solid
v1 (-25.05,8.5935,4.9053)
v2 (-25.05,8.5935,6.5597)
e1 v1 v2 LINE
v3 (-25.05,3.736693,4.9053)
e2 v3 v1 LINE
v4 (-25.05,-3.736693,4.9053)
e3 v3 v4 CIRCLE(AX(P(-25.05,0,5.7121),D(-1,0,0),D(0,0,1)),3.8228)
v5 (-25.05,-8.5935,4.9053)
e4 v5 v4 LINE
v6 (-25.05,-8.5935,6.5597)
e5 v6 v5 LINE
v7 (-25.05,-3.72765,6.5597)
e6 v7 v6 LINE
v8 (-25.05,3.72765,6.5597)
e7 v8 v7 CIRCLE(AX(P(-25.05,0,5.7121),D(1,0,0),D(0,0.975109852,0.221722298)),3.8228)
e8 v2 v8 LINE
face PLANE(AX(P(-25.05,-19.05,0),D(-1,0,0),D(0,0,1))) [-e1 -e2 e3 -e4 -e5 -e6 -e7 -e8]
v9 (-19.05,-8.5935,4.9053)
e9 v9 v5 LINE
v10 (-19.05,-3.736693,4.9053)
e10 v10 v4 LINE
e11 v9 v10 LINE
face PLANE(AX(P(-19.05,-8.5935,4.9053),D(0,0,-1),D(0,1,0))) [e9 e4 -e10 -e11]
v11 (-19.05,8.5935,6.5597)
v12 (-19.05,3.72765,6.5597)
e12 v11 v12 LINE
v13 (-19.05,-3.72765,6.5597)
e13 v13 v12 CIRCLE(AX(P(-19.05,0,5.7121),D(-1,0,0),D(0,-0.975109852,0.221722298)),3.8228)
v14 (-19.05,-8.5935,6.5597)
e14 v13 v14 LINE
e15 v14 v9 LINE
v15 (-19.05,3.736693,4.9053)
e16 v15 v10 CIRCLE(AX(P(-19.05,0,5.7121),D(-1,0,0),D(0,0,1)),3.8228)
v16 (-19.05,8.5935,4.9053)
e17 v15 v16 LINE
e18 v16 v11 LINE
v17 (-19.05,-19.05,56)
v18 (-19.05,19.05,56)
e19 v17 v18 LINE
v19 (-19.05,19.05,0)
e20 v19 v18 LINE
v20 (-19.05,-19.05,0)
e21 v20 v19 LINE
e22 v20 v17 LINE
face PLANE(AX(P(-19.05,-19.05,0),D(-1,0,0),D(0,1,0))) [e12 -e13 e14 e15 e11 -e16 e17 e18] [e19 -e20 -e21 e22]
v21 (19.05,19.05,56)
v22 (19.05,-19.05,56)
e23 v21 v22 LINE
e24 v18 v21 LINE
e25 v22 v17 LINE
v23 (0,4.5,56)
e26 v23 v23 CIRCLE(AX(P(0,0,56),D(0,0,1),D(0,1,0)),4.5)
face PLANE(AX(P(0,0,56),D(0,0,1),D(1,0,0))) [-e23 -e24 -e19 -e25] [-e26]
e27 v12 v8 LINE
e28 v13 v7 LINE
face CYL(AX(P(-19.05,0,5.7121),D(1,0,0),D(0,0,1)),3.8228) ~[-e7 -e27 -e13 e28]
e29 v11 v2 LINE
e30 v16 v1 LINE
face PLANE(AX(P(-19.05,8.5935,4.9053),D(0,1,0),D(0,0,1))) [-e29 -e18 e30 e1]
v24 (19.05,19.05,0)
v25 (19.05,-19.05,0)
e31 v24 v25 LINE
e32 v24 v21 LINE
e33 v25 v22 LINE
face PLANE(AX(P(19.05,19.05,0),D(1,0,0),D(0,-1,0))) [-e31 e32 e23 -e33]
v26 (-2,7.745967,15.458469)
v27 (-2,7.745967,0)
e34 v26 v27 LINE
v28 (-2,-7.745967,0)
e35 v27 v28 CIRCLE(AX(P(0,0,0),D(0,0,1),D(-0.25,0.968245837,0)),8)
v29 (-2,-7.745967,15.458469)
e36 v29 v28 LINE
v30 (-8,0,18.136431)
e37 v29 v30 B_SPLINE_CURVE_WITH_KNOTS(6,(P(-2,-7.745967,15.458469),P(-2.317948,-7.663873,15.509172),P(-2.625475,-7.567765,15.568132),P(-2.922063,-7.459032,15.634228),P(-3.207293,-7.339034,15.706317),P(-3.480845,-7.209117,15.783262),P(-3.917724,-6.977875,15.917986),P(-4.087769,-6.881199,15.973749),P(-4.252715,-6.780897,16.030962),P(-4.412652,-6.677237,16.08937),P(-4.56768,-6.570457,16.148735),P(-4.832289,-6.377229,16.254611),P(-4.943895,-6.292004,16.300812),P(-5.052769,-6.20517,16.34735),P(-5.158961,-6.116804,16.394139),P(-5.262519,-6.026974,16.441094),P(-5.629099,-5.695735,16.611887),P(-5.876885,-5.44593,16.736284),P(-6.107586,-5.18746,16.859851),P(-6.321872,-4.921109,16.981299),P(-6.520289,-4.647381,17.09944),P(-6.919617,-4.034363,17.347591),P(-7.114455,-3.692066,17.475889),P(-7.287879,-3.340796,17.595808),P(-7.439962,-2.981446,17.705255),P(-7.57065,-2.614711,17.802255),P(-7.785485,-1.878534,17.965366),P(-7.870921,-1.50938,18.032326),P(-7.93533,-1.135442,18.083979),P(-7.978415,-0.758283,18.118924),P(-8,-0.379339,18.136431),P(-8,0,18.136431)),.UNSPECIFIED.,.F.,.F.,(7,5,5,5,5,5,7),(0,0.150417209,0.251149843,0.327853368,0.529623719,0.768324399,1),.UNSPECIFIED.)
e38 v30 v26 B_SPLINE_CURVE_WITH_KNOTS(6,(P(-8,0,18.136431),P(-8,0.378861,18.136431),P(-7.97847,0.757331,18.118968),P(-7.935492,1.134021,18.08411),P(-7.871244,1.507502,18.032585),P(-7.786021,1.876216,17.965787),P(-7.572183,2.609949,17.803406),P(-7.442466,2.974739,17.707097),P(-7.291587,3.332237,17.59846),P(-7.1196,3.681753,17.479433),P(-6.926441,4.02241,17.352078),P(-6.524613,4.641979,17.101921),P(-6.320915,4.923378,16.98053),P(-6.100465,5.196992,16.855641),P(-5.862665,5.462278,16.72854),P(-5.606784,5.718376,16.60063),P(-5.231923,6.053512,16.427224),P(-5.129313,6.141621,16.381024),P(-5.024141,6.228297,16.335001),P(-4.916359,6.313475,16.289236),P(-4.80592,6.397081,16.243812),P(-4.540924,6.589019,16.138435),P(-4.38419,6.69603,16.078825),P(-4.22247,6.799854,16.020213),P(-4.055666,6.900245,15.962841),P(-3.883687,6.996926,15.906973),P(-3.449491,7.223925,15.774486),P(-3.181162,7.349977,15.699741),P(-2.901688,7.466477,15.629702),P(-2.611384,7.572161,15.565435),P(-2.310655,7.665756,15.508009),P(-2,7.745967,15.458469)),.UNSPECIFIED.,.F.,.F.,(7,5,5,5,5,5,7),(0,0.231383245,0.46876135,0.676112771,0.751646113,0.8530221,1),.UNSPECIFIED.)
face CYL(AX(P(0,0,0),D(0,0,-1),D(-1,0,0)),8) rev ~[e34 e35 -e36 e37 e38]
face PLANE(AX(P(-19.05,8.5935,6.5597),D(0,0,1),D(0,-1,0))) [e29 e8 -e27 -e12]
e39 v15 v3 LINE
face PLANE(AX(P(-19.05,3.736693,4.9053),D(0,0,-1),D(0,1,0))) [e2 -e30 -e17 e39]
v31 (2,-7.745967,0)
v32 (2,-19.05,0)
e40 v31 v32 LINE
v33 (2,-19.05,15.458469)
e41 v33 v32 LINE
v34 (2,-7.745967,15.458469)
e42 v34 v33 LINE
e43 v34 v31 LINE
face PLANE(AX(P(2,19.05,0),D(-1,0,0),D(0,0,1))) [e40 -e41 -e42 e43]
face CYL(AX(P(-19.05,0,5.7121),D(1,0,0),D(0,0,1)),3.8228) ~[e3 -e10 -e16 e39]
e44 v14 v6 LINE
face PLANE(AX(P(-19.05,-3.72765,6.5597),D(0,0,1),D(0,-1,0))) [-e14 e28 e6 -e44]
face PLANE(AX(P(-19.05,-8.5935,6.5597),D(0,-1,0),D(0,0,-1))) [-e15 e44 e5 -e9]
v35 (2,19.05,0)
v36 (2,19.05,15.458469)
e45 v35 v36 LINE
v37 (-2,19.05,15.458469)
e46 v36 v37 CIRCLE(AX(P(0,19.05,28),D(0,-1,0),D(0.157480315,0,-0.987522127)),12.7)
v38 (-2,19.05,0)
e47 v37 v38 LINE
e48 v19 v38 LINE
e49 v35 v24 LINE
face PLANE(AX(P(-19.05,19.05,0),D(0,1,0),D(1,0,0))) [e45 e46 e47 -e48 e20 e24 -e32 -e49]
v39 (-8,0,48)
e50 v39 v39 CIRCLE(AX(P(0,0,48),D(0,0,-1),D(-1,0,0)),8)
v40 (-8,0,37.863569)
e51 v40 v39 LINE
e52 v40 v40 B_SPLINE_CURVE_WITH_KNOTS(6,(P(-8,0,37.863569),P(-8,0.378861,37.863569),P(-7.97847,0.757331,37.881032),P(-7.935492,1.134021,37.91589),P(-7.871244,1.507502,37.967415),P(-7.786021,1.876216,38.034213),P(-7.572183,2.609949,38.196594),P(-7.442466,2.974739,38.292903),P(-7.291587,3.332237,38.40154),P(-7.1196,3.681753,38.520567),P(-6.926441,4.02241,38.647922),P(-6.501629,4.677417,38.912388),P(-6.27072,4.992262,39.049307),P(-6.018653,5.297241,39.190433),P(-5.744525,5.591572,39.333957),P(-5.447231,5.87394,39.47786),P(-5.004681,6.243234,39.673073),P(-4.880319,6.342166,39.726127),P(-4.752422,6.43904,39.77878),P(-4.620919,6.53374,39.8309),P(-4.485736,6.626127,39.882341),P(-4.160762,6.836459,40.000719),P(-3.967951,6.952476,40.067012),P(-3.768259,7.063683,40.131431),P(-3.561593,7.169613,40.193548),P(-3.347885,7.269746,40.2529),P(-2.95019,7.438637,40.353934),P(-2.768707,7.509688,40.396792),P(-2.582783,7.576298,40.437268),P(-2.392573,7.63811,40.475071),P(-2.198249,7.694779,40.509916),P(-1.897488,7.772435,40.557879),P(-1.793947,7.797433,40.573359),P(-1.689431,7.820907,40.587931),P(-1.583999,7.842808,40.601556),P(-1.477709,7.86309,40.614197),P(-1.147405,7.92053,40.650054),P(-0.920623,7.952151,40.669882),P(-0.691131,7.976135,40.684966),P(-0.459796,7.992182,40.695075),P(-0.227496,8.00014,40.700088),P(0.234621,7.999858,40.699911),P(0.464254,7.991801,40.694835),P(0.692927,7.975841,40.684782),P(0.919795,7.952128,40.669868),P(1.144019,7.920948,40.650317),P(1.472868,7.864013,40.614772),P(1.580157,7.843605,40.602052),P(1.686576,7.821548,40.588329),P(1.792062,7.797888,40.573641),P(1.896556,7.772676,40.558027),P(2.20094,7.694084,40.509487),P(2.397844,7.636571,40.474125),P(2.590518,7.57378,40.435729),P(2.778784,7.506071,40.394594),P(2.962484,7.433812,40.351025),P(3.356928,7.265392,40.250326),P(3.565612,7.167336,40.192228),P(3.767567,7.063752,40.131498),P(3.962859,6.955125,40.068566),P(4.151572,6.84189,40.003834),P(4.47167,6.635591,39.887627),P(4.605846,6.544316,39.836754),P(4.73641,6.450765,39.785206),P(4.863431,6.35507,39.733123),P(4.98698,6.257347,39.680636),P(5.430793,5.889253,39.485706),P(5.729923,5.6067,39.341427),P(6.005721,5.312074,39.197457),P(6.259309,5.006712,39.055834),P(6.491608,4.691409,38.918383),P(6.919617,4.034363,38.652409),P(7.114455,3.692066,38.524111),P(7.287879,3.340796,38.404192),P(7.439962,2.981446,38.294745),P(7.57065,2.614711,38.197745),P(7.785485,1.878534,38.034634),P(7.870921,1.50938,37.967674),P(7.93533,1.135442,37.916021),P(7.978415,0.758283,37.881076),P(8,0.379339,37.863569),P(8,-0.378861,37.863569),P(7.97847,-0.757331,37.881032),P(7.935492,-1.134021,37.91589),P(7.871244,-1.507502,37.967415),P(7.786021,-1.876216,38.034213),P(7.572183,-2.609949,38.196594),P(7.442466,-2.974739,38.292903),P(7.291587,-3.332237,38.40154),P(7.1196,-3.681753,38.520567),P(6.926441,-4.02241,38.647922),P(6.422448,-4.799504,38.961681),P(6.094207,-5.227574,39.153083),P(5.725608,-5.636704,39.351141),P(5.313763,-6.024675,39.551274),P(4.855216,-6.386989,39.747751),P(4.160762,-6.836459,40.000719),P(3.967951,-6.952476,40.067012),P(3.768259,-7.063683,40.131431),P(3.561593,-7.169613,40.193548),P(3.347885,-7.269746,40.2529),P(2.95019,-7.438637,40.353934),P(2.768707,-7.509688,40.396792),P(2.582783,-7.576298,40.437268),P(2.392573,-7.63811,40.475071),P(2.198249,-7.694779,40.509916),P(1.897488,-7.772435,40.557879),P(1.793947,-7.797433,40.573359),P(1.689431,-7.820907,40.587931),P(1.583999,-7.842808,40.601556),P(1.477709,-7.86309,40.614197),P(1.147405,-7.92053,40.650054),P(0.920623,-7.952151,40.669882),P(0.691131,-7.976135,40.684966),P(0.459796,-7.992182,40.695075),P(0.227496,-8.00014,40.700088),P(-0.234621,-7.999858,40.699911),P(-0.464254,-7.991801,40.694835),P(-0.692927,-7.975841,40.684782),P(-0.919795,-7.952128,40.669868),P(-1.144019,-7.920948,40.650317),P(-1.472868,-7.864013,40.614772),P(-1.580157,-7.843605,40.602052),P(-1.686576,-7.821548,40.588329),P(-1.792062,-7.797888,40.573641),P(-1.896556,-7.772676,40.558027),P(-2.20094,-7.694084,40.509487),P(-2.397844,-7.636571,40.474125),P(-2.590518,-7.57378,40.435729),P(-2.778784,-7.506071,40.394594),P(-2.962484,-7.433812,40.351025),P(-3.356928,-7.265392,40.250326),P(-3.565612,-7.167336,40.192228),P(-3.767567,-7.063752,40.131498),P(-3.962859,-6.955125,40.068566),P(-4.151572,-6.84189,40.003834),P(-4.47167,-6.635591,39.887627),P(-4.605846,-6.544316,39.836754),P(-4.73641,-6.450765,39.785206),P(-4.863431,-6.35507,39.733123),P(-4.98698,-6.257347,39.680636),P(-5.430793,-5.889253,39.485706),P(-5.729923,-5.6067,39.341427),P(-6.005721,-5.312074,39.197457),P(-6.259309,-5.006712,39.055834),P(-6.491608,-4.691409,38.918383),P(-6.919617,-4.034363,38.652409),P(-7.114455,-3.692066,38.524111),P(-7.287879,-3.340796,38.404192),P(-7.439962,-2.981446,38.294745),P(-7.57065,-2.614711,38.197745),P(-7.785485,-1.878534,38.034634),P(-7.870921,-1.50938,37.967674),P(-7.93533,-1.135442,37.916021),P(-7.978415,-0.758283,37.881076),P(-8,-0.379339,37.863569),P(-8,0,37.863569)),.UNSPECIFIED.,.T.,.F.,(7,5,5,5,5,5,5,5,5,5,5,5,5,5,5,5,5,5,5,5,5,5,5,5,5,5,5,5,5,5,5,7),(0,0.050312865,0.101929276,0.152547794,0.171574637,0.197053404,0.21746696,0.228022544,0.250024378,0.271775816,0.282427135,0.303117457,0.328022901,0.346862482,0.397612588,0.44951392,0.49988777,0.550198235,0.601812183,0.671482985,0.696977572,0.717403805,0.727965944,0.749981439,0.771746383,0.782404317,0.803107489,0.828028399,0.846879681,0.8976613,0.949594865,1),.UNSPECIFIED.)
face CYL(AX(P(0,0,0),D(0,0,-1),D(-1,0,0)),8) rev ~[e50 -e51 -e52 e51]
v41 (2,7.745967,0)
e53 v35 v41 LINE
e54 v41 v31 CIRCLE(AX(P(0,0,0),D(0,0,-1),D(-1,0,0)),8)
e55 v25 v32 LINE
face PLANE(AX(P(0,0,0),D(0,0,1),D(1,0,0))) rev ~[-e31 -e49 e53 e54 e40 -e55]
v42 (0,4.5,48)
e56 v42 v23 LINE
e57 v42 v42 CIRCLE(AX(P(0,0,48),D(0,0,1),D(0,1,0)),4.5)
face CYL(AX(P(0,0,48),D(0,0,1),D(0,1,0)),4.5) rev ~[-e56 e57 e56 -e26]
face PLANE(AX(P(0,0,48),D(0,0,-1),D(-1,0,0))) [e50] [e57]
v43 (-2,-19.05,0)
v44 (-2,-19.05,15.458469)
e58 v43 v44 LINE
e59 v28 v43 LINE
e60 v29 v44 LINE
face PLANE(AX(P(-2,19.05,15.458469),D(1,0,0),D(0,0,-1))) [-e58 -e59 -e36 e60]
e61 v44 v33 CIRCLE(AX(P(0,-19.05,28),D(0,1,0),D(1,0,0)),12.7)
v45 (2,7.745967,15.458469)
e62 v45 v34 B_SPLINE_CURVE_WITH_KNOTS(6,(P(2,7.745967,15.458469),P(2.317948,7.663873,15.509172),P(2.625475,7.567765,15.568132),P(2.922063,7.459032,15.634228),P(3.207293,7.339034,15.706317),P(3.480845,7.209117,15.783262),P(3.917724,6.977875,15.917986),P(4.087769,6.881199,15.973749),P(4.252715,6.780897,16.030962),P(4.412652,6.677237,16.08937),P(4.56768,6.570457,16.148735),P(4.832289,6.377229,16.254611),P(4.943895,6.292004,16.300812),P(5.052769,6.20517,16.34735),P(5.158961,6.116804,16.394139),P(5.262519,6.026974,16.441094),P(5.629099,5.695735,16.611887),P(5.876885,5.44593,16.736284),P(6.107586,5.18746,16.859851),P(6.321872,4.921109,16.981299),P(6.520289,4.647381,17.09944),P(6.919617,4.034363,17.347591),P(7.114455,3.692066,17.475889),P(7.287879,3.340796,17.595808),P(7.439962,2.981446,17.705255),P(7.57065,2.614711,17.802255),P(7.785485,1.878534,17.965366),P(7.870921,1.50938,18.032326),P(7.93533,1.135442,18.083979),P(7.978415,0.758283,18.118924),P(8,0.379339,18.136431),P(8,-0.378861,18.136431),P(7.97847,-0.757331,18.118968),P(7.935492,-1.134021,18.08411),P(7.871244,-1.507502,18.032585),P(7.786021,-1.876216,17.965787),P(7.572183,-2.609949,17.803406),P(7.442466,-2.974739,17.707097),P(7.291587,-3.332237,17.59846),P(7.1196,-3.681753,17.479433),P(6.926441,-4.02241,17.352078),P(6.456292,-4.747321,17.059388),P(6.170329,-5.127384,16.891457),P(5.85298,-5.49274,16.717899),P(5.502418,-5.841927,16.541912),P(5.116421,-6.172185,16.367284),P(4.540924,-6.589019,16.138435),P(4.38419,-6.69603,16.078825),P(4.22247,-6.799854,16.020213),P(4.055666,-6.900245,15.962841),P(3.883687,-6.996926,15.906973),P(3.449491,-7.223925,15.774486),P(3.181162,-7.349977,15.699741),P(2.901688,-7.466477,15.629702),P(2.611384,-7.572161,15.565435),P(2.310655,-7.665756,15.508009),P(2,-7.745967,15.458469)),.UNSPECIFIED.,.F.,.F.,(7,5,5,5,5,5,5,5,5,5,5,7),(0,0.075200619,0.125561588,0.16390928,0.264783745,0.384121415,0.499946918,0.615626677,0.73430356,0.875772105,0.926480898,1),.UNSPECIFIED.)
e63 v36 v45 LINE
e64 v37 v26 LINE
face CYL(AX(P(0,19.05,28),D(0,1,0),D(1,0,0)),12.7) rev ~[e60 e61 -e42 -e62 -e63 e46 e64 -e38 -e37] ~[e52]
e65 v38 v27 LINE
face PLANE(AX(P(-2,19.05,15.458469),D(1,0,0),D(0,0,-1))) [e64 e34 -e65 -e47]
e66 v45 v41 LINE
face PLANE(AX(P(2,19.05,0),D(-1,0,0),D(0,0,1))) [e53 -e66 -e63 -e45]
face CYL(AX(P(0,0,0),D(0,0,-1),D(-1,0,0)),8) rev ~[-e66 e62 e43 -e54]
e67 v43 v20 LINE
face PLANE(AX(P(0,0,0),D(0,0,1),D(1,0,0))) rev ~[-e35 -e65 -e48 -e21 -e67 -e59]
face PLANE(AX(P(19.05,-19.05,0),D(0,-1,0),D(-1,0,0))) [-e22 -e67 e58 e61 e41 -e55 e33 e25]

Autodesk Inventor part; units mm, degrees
ref_plane "YZ Plane" through (0, 0, 0) normal (1, 0, 0) x (0, 1, 0)
ref_plane "XZ Plane" through (0, 0, 0) normal (0, 1, 0) x (-1, 0, 0)
sketch "Sketch1" plane through (0, 0, 0) normal (0, 0, 1) x (1, 0, 0)
  line L0 (-19.05, 19.05) -> (19.05, 19.05)
  line L1 (19.05, 19.05) -> (19.05, -19.05)
  line L2 (19.05, -19.05) -> (-19.05, -19.05)
  line L3 (-19.05, -19.05) -> (-19.05, 19.05)
  point P0 (0, 0)
  point P1 (-19.05, 0)
  point P2 (0, 19.05)
  dimension "d0" = 38.1
extrude "Extrusion1" add sketch "Sketch1" along normal blind 56
sketch "Sketch2" plane through (-19.05, 19.05, 0) normal (0, 1, 0) x (1, 0, 0)
  circle A0 centre (19.05, -28) radius 12.7
  line L0 (0, 0) -> (38.1, 0) projected
  line L1 (0, -56) -> (38.1, -56) projected
  line L2 (17.05, 0) -> (21.05, 0)
  line L3 (21.05, 0) -> (21.05, -28)
  line L4 (21.05, -28) -> (17.05, -28)
  line L5 (17.05, -28) -> (17.05, 0)
  point P0 (19.05, 0)
  dimension "d3" = 28
  dimension "d4" = 25.4
  dimension "d5" = 4
extrude "Extrusion2" cut sketch "Sketch2" against normal through all
ref_plane "Work Plane1" through (0, 0, 48) normal (0, 0, 1) x (1, 0, 0)
sketch "Sketch3" plane through (0, 0, 48) normal (0, 0, 1) x (1, 0, 0)
  point P0 (0, 0)
hole "Hole1" at (0, 0, 48) direction (0, 0, 1) diameter 9 end through all clearance for "Flat Head Machine Screw" size "M8" standard "Ansi Metric M Profile"
sketch "Sketch4" plane through (0, 0, 0) normal (0, 0, -1) x (-1, 0, 0)
  circle A0 centre (0, 0) radius 8
  dimension "d16" = 16
extrude "Extrusion3" cut sketch "Sketch4" against normal up to surface (48 mm away)
sketch "Sketch5" plane through (-19.05, -19.05, 0) normal (-1, 0, 0) x (0, 0, 1)
  line L0 (0, 0) -> (0, 38.1) projected
  circle A0 centre (5.7121, 19.05) radius 3.8228
  line L1 (4.9053, 27.6435) -> (6.5597, 27.6435)
  line L2 (6.5597, 27.6435) -> (6.5597, 10.4565)
  line L3 (6.5597, 10.4565) -> (4.9053, 10.4565)
  line L4 (4.9053, 10.4565) -> (4.9053, 27.6435)
  point P0 (0, 19.05)
  point P1 (6.5597, 19.05)
extrude "Extrusion4" add sketch "Sketch5" along normal blind 6
properties part number "22-134 Block"
